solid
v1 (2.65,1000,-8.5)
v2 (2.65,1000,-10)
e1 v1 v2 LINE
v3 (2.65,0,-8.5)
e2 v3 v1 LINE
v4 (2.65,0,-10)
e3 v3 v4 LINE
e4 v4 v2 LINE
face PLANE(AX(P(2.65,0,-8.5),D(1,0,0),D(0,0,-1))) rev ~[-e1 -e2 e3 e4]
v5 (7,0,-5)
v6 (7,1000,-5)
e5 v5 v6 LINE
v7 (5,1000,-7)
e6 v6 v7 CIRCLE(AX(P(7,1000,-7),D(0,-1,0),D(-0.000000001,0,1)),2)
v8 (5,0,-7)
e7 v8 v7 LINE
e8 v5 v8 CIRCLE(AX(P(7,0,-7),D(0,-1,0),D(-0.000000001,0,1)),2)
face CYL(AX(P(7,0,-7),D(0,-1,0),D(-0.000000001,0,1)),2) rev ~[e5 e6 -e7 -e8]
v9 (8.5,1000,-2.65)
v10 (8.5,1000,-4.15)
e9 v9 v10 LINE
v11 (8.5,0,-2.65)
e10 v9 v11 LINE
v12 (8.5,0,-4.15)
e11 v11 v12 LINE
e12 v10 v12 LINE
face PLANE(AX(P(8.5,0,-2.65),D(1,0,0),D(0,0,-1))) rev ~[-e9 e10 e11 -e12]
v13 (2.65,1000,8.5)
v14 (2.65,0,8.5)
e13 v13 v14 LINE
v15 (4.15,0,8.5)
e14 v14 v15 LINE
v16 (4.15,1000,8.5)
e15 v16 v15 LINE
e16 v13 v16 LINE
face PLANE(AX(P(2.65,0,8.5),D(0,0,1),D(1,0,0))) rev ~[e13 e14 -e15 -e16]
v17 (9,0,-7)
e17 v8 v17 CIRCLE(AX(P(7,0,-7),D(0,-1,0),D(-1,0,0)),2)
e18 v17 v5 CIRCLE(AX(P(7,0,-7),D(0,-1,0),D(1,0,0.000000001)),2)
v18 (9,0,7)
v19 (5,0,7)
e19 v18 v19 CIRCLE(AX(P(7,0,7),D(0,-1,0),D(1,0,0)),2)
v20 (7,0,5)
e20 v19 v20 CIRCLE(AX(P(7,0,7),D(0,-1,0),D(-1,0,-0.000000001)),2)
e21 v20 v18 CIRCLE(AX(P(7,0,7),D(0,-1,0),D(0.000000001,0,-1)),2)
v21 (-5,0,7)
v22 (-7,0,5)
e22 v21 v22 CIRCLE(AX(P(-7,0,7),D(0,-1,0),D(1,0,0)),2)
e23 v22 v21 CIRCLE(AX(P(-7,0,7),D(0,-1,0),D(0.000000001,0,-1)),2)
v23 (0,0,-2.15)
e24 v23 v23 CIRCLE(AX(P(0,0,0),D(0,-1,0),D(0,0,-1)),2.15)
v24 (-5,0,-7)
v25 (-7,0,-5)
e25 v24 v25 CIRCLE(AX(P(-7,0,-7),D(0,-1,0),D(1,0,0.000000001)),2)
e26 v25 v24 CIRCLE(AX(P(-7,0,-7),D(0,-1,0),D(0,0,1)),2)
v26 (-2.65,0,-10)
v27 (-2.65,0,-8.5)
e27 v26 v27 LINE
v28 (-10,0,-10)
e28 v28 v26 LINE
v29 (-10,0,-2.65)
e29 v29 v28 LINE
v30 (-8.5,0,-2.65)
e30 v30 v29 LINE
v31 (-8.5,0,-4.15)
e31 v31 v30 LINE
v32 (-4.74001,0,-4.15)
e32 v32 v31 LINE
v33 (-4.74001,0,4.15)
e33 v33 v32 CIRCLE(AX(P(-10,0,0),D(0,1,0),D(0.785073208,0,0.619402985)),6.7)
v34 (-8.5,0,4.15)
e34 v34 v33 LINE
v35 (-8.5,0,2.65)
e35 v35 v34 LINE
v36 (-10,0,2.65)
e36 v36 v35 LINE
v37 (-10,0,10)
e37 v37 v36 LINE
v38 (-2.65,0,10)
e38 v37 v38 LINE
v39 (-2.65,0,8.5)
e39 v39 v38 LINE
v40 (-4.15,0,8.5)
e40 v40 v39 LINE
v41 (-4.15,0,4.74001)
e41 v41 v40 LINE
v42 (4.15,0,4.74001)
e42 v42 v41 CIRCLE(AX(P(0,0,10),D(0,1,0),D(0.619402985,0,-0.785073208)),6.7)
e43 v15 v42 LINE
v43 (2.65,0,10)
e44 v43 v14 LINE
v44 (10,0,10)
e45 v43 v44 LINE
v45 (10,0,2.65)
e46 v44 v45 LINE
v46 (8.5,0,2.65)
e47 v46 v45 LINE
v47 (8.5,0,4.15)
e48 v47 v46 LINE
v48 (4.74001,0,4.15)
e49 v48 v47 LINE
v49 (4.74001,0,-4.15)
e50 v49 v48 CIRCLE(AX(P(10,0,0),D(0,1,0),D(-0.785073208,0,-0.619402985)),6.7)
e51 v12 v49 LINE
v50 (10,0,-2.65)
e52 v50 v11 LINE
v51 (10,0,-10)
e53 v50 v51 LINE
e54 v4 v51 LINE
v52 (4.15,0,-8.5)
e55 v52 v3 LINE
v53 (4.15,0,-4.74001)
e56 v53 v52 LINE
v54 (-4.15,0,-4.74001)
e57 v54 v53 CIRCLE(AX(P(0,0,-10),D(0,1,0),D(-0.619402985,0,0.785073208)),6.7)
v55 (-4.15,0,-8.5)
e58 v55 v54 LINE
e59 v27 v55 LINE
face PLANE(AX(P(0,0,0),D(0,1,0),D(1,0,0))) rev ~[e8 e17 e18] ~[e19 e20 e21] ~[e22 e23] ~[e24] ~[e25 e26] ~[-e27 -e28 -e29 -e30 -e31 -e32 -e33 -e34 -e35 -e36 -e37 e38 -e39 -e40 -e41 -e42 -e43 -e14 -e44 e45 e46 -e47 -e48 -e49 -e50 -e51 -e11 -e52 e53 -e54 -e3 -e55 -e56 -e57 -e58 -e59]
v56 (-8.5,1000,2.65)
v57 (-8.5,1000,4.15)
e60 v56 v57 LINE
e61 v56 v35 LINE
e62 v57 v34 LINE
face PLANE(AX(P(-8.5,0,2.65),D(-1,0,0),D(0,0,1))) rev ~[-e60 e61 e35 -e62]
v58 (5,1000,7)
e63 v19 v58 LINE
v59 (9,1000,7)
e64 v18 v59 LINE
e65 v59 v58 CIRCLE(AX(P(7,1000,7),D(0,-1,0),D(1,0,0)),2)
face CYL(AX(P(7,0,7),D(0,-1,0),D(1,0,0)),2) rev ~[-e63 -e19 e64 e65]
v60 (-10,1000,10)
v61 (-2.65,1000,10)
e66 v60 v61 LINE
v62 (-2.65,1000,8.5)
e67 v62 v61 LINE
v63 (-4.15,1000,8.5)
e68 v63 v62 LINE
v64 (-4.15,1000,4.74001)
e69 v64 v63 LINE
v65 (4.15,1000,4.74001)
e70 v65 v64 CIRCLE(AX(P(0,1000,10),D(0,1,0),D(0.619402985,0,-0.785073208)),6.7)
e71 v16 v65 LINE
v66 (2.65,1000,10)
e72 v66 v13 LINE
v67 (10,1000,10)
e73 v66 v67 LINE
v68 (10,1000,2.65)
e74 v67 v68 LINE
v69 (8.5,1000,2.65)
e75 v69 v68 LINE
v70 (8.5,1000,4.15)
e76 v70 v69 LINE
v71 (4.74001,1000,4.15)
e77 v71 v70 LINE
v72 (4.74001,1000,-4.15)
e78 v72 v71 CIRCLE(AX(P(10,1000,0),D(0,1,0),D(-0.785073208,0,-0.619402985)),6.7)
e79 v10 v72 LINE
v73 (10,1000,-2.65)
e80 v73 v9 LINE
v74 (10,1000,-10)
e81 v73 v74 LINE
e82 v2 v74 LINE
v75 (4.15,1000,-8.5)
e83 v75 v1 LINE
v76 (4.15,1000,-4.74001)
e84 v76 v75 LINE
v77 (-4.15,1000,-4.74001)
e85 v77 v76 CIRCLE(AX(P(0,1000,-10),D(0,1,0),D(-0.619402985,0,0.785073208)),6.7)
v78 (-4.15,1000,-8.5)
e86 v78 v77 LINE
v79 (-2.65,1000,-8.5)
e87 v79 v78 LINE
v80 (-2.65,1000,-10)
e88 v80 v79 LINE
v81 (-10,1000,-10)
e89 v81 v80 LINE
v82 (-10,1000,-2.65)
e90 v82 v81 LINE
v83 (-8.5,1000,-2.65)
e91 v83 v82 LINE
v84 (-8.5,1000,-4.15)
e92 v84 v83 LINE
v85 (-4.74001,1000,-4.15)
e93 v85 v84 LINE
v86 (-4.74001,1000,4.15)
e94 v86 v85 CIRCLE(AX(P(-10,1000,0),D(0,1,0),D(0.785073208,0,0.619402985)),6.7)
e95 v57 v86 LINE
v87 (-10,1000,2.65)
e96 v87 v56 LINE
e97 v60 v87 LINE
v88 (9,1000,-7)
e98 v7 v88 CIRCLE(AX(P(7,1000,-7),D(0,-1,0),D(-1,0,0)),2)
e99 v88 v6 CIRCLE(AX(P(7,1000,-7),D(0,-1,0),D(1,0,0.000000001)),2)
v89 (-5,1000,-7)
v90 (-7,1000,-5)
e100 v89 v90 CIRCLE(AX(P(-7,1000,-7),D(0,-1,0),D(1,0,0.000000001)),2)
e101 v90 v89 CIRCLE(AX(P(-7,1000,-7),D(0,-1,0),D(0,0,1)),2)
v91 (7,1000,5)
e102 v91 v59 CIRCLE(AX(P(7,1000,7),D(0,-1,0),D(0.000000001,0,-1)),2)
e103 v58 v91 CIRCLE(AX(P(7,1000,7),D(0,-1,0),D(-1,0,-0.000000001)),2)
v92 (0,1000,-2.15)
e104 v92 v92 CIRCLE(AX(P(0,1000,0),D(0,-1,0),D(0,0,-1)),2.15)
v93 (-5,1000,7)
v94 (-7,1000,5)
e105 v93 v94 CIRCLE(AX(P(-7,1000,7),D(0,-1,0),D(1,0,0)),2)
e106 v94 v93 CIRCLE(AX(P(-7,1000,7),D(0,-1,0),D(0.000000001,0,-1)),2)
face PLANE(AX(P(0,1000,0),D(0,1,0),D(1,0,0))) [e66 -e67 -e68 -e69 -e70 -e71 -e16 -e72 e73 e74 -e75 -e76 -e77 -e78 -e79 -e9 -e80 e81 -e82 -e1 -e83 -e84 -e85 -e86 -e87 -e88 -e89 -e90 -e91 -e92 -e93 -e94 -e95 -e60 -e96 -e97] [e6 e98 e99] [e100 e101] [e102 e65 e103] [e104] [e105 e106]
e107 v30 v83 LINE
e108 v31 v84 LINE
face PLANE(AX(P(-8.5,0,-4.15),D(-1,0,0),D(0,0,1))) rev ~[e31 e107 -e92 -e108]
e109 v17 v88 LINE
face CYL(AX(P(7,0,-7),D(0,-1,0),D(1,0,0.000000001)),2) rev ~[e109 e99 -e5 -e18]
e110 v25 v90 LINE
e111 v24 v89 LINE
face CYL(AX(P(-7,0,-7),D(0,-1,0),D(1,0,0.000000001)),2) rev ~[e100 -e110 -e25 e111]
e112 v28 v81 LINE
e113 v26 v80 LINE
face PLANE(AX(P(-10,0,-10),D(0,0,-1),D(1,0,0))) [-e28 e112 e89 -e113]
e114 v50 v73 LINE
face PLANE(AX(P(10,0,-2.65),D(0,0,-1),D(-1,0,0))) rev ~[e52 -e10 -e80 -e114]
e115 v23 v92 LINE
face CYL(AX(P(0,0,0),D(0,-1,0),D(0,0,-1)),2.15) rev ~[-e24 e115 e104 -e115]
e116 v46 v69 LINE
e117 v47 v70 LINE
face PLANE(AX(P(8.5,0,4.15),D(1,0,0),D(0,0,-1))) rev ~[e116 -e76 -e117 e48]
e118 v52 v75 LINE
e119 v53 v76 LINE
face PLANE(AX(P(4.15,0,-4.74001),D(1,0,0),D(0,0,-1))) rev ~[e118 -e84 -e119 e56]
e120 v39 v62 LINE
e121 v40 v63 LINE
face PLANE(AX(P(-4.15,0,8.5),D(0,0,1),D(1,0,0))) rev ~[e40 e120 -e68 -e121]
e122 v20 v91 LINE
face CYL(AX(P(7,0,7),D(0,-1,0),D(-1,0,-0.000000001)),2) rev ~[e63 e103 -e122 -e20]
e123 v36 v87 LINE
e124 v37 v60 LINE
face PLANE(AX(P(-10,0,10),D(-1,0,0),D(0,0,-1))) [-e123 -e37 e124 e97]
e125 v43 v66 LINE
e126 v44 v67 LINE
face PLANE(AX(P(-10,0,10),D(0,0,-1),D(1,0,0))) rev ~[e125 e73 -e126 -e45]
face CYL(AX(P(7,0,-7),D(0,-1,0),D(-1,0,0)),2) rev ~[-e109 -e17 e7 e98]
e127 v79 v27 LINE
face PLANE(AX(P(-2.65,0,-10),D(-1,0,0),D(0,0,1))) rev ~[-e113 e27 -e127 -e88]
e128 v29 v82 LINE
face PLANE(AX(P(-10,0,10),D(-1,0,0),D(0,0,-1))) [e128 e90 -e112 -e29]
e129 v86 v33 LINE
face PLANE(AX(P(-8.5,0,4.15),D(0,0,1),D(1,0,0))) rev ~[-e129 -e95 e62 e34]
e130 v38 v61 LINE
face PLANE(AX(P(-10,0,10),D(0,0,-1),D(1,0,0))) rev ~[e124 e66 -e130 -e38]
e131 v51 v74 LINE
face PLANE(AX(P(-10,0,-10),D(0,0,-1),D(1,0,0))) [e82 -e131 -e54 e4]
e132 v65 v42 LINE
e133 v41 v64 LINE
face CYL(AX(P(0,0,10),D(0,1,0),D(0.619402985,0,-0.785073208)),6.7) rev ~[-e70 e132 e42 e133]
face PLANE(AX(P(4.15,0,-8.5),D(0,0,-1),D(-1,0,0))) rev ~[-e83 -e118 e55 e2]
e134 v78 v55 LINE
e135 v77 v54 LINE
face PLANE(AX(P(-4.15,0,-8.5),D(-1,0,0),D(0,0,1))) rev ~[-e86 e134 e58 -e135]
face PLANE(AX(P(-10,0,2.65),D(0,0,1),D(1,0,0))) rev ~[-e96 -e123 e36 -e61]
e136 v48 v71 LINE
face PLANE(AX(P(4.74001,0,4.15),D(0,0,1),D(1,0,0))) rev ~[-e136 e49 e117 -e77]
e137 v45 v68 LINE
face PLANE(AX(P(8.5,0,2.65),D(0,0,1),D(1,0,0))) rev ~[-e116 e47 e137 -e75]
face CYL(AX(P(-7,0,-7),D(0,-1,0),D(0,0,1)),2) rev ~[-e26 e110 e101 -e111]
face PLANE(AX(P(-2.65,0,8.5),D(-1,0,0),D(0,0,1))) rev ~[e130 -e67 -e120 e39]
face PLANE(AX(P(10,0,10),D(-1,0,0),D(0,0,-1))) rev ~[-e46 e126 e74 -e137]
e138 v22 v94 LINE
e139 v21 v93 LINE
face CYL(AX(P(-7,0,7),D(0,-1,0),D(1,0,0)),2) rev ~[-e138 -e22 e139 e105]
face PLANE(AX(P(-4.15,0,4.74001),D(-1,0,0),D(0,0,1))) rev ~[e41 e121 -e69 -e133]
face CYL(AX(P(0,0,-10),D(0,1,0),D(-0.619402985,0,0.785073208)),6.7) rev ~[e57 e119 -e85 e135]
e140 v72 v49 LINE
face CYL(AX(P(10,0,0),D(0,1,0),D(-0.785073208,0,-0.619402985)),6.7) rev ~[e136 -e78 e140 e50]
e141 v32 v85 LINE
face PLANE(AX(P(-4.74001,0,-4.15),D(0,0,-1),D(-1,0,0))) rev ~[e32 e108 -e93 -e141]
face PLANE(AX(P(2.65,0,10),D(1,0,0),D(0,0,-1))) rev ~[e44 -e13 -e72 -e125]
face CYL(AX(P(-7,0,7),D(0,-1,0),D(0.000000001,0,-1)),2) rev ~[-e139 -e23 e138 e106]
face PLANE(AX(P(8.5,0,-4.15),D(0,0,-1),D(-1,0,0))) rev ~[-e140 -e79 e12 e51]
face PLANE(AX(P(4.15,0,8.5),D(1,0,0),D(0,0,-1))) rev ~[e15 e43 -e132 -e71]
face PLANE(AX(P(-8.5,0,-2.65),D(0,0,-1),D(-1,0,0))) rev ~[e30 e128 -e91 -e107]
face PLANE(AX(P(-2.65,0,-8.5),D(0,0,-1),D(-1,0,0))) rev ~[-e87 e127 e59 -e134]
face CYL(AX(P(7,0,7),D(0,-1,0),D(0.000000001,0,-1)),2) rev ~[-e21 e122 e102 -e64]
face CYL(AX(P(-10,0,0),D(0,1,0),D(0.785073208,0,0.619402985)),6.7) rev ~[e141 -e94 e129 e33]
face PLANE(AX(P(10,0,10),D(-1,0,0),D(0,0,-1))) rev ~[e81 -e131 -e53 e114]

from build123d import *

# Parameters (mm, degrees)
SKETCH_2_W               = 20
SKETCH_2_H               = 20
EXTRUDE_20201000_DEPTH   = 1000
CUT_EXTRUDE_1005_DEPTH   = 1001.099995
PATTERN_CIRCULAR_1_COUNT = 4
SKETCH_4_R               = 2.15
CUT_EXTRUDE_4_DEPTH      = 1000


with BuildPart() as part:
    # 스케치2 → 20201000 (new body)
    with BuildSketch(Plane(origin=(0, 0, 0), x_dir=(1, 0, 0), z_dir=(0, 1, 0))):
        Rectangle(SKETCH_2_W, SKETCH_2_H)
    extrude(amount=EXTRUDE_20201000_DEPTH)

    # 스케치1 → Cut-Extrude 1005 (cut, symmetric)
    with BuildSketch(Plane(origin=(0, 0, 0), x_dir=(1, 0, 0), z_dir=(0, 1, 0))):
        with BuildLine():
            Line((4.15, 7), (-4.15, 7))
            Line((-4.15, 7), (-4.15, 4.740009506))
            ThreePointArc((-4.15, 4.740009506), (0, 3.3), (4.15, 4.740009506))
            Line((4.15, 4.740009506), (4.15, 7))
        make_face()
        Polygon((2.65, 10), (-2.65, 10), (-2.65, 8.5), (-4.15, 8.5), (-4.15, 7), (4.15, 7), (4.15, 8.5), (2.65, 8.5), align=None)
    cut_extrude_1005 = extrude(amount=CUT_EXTRUDE_1005_DEPTH, both=True, mode=Mode.SUBTRACT)

    # 원형 패턴1: Cut-Extrude 1005 ×4 about axis
    pattern_circular_1_axis = Axis((0, 0, 0), (0, 1, 0))
    for i in range(1, PATTERN_CIRCULAR_1_COUNT):
        add(cut_extrude_1005.rotate(pattern_circular_1_axis, i * 360 / PATTERN_CIRCULAR_1_COUNT), mode=Mode.SUBTRACT)

    # 스케치4 → 컷-돌출4 (cut)
    with BuildSketch(Plane.XZ):
        with BuildLine():
            ThreePointArc((9, 7), (7, 9), (5, 7))
            Line((5, 7), (7, 7))
            Line((7, 7), (7, 5))
            ThreePointArc((7, 5), (8.414213562, 5.585786438), (9, 7))
        make_face()
        with BuildLine():
            Line((7, 7), (5, 7))
            ThreePointArc((5, 7), (5.585786438, 5.585786438), (7, 5))
            Line((7, 5), (7, 7))
        make_face()
        with Locations(Location((0, 0, 0), (0, 0, 270))):
            Circle(SKETCH_4_R)
        with BuildLine():
            ThreePointArc((9, -7), (8.414213562, -5.585786438), (7, -5))
            Line((7, -5), (7, -7))
            Line((7, -7), (5, -7))
            ThreePointArc((5, -7), (7, -9), (9, -7))
        make_face()
        with BuildLine():
            Line((7, -7), (7, -5))
            ThreePointArc((7, -5), (5.585786438, -5.585786438), (5, -7))
            Line((5, -7), (7, -7))
        make_face()
        with BuildLine():
            ThreePointArc((-5, -7), (-5.585786438, -5.585786438), (-7, -5))
            Line((-7, -5), (-7, -7))
            Line((-7, -7), (-5, -7))
        make_face()
        with BuildLine():
            Line((-7, -7), (-7, -5))
            ThreePointArc((-7, -5), (-8.414213562, -8.414213562), (-5, -7))
            Line((-5, -7), (-7, -7))
        make_face()
        with BuildLine():
            Line((-7, 5), (-7, 7))
            Line((-7, 7), (-5, 7))
            ThreePointArc((-5, 7), (-8.414213562, 8.414213562), (-7, 5))
        make_face()
        with BuildLine():
            Line((-5, 7), (-7, 7))
            Line((-7, 7), (-7, 5))
            ThreePointArc((-7, 5), (-5.585786438, 5.585786438), (-5, 7))
        make_face()
    extrude(amount=-CUT_EXTRUDE_4_DEPTH, mode=Mode.SUBTRACT)


solid = part.part
